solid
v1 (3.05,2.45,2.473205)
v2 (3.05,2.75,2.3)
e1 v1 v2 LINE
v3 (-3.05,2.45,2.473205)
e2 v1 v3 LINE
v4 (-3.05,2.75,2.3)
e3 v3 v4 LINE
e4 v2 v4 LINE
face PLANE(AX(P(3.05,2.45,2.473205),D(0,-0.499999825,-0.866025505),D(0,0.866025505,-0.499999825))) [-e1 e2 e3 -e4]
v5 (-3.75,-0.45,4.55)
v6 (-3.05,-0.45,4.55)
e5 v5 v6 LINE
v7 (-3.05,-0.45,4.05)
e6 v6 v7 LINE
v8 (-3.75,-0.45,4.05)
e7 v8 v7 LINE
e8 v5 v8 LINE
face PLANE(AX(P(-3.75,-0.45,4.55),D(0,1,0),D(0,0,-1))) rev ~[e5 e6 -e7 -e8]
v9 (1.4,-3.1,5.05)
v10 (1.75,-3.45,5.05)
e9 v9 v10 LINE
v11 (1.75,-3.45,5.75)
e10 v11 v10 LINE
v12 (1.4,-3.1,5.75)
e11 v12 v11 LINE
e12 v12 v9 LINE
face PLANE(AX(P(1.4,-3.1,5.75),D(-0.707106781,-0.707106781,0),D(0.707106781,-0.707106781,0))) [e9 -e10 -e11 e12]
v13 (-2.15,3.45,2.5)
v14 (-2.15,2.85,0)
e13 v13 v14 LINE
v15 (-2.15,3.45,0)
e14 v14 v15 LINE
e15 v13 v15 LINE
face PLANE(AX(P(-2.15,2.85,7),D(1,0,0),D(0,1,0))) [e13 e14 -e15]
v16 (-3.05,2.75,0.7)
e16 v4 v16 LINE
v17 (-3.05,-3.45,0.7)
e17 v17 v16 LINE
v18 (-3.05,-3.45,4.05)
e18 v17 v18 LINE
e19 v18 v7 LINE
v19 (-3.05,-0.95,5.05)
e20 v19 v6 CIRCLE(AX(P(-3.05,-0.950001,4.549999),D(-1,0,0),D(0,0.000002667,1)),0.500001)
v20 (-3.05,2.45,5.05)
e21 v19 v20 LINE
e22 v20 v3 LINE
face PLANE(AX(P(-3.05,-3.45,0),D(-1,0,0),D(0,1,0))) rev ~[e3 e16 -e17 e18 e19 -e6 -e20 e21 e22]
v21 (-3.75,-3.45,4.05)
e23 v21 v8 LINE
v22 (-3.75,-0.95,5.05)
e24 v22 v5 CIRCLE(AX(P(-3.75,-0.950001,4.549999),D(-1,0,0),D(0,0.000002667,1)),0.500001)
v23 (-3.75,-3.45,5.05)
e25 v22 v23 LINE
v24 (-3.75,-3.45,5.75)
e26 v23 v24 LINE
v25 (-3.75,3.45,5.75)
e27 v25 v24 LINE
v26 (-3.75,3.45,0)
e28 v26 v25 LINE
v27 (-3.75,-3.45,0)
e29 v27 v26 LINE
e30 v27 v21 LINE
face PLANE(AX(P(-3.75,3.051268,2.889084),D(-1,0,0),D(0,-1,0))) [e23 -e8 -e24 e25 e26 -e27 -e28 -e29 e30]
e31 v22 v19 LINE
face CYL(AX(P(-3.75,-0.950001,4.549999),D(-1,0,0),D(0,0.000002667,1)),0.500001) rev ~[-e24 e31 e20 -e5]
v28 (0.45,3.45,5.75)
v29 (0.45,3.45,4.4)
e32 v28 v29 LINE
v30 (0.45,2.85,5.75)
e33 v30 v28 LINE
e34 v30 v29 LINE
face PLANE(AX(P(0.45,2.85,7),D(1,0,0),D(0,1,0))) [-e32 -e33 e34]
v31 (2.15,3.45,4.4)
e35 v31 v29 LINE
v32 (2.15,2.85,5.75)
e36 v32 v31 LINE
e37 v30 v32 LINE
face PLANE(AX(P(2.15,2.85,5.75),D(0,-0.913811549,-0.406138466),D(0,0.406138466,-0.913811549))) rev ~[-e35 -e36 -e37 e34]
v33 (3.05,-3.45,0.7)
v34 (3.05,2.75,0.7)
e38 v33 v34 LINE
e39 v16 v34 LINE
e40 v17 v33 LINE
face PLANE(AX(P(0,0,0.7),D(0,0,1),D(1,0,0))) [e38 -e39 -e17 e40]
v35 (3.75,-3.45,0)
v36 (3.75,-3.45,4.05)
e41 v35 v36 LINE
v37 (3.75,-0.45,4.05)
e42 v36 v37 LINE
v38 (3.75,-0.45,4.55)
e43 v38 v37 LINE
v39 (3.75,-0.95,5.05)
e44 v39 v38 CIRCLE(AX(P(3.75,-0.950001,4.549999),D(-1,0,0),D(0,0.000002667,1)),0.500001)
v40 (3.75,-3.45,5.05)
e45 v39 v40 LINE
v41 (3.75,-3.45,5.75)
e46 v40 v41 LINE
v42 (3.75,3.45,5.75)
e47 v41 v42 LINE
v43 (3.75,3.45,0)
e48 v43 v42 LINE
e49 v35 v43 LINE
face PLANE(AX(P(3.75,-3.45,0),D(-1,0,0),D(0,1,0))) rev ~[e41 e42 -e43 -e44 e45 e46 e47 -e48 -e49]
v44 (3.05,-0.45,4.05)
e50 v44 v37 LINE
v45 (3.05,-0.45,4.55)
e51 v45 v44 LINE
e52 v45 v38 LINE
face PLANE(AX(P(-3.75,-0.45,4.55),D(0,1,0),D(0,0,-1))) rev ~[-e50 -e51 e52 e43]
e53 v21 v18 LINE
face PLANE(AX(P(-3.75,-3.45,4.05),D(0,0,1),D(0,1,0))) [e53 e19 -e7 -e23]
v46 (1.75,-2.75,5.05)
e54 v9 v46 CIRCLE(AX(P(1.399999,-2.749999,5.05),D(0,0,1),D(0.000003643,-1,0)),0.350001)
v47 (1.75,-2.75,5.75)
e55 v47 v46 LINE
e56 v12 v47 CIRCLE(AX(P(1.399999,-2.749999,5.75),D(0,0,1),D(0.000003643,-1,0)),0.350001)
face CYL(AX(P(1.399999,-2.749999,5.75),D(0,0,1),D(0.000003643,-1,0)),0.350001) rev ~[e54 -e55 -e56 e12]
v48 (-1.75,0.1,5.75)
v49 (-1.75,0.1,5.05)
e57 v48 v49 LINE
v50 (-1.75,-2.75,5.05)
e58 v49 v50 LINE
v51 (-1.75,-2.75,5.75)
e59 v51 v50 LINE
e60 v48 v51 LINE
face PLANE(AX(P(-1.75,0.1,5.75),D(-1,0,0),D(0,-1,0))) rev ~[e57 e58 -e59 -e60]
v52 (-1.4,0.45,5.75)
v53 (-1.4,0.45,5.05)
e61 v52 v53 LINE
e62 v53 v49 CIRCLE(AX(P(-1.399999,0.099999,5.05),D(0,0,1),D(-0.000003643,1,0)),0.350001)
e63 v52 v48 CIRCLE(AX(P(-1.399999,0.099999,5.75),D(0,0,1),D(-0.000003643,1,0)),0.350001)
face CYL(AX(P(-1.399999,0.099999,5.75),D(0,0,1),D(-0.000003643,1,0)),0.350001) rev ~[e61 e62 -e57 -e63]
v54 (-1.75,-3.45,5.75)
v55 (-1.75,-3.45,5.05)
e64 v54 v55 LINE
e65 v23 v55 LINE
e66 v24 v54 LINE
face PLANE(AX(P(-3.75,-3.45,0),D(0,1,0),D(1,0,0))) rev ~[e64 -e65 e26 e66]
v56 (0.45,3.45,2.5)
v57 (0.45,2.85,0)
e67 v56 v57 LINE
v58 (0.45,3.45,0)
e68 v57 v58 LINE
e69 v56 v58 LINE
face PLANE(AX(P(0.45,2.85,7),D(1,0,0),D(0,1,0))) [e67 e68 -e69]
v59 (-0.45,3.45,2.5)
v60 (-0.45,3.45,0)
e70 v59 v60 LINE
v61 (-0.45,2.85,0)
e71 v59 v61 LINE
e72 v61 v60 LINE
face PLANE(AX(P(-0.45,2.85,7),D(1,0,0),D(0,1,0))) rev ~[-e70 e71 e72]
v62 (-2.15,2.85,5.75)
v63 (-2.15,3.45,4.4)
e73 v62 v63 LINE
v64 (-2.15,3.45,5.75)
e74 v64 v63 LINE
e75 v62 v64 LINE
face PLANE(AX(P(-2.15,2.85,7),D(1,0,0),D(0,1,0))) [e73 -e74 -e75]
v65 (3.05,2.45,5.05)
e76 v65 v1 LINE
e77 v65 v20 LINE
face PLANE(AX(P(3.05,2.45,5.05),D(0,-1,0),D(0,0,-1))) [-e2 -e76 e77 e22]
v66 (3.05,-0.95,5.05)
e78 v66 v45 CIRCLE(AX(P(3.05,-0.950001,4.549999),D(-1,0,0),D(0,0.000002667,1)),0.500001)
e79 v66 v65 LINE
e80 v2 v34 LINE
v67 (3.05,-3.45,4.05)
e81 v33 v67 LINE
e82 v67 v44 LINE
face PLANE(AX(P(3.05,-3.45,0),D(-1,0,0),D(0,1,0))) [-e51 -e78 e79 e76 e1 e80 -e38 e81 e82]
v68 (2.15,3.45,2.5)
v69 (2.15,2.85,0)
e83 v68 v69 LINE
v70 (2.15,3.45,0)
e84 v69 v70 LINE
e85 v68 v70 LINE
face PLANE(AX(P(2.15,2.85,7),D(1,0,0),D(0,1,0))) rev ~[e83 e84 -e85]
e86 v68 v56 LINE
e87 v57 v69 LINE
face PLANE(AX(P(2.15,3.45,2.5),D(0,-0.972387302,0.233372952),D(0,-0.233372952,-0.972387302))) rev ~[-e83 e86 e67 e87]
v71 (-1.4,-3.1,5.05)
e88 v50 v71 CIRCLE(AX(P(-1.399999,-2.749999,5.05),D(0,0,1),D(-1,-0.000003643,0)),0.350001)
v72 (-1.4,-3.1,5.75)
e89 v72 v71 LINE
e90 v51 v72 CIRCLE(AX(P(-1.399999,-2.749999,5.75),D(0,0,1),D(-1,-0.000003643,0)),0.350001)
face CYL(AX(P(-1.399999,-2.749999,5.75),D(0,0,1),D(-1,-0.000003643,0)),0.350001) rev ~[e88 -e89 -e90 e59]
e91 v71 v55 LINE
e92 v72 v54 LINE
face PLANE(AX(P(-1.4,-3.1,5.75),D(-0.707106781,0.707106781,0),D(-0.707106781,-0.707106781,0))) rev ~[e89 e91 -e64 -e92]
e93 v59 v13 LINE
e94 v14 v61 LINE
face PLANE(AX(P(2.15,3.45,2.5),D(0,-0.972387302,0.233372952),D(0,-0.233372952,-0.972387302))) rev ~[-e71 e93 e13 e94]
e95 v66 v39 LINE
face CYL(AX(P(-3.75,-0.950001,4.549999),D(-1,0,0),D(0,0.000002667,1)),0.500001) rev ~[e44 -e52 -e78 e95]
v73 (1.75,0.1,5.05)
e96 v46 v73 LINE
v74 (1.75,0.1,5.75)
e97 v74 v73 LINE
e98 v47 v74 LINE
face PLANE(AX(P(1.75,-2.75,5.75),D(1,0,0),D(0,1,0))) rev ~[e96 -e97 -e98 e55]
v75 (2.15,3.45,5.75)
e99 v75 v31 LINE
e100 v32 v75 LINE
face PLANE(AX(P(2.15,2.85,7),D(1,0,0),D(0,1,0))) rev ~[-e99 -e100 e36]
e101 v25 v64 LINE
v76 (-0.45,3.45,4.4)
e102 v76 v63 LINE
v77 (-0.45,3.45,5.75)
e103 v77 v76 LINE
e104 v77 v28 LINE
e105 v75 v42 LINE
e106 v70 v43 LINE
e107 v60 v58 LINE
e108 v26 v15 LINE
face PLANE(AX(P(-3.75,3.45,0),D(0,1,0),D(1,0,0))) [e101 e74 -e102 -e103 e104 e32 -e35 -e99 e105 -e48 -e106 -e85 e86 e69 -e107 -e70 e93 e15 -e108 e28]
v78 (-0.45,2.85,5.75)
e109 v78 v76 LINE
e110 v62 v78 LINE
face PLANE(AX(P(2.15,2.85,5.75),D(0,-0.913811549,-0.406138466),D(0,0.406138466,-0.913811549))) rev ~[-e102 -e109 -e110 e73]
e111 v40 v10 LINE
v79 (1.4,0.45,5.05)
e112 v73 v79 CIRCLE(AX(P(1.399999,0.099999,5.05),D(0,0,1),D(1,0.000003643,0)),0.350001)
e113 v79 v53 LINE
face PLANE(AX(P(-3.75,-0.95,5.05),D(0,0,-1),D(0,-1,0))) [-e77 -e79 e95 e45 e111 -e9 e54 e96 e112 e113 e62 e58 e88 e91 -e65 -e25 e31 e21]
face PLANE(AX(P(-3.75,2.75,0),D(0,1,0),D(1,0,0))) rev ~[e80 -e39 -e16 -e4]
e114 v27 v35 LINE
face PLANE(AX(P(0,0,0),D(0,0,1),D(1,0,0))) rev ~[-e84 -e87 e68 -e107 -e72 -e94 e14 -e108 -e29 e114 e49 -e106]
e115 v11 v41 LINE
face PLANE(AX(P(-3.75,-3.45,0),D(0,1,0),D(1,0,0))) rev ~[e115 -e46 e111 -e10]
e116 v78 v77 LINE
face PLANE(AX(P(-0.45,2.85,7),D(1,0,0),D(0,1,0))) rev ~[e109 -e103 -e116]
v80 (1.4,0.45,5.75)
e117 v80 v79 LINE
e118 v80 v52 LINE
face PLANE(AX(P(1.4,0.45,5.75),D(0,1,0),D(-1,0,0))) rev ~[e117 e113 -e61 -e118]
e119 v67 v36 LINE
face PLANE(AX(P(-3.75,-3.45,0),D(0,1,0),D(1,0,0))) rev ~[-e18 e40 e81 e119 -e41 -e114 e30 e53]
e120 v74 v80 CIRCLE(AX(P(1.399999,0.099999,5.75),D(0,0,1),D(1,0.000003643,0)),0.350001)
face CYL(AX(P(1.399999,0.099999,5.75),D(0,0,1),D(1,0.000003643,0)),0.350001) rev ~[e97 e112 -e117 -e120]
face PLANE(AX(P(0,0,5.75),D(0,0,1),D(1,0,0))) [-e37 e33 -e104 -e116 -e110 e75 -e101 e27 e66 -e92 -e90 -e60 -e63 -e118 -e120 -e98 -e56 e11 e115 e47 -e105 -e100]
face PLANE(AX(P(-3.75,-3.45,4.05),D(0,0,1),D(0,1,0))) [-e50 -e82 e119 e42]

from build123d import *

# Parameters (mm, degrees)
SKETCH_W        = 7.5
SKETCH_H        = 6.9
PAD_DEPTH       = 5.75
THICKNESS_T     = -0.7
POCKET_DEPTH    = 0.7
POCKET001_DEPTH = 7.501
PAD004_DEPTH    = 6.1
SKETCH005_W     = 1.7
SKETCH005_H     = 0.6
POCKET002_DEPTH = 7.001
PAD005_DEPTH    = 5.9


with BuildPart() as part:
    # Sketch → Pad (new body)
    with BuildSketch(Plane.XY):
        Rectangle(SKETCH_W, SKETCH_H)
    extrude(amount=PAD_DEPTH)

    # Thickness
    thickness_openings = [part.faces().sort_by_distance(p)[0] for p in [
        (0, -3.45, 2.875),
    ]]
    offset(amount=THICKNESS_T, openings=thickness_openings, kind=Kind.INTERSECTION)

    # Sketch001 (on Face5 of Thickness) → Pocket (cut)
    with BuildSketch(Plane.XY.offset(5.75)):
        with BuildLine():
            Line((1.75, -2.75), (1.75, 0.1))
            ThreePointArc((1.75, 0.1), (1.647487, 0.347487), (1.4, 0.45))
            Line((1.4, 0.45), (-1.4, 0.45))
            ThreePointArc((-1.4, 0.45), (-1.647487, 0.347487), (-1.75, 0.1))
            Line((-1.75, 0.1), (-1.75, -2.75))
            ThreePointArc((-1.75, -2.75), (-1.647487, -2.997487), (-1.4, -3.1))
            Line((-1.4, -3.1), (-1.75, -3.45))
            Line((-1.75, -3.45), (1.75, -3.45))
            Line((1.4, -3.1), (1.75, -3.45))
            ThreePointArc((1.4, -3.1), (1.647487, -2.997487), (1.75, -2.75))
        make_face()
    extrude(amount=-POCKET_DEPTH, mode=Mode.SUBTRACT)

    # Sketch002 (on Face2 of Pocket) → Pocket001 (cut, through all)
    with BuildSketch(Plane(origin=(-3.75, 0, 0), x_dir=(0, -1, 0), z_dir=(-1, 0, 0))):
        with BuildLine():
            Line((0.95, 5.05), (3.45, 5.05))
            Line((3.45, 5.05), (3.45, 4.05))
            Line((3.45, 4.05), (0.45, 4.05))
            Line((0.45, 4.55), (0.45, 4.05))
            ThreePointArc((0.95, 5.05), (0.596447, 4.903553), (0.45, 4.55))
        make_face()
    extrude(amount=-POCKET001_DEPTH, mode=Mode.SUBTRACT)

    # Sketch008 → Pad004 (join)
    with BuildSketch(Plane(origin=(3.05, 0, 0), x_dir=(0, -1, 0), z_dir=(-1, 0, 0))):
        Polygon((-2.75, 5.05), (-2.45, 5.05), (-2.45, 2.473205), (-2.75, 2.3), align=None)
    extrude(amount=PAD004_DEPTH)

    # Sketch005 → Pocket002 (cut, through all)
    with BuildSketch(Plane.XY.offset(7)):
        with Locations((-1.3, 3.15)):
            Rectangle(SKETCH005_W, SKETCH005_H)
        with Locations((1.3, 3.15)):
            Rectangle(SKETCH005_W, SKETCH005_H)
    extrude(amount=-POCKET002_DEPTH, mode=Mode.SUBTRACT)

    # Sketch009 (on ShapeBinder) → Pad005 (join)
    with BuildSketch(Plane(origin=(2.15, 0, 0), x_dir=(0, -1, 0), z_dir=(-1, 0, 0))):
        Polygon((-2.85, 5.75), (-3.45, 4.4), (-3.45, 2.5), (-2.85, 0), align=None)
    extrude(amount=PAD005_DEPTH)


solid = part.part
